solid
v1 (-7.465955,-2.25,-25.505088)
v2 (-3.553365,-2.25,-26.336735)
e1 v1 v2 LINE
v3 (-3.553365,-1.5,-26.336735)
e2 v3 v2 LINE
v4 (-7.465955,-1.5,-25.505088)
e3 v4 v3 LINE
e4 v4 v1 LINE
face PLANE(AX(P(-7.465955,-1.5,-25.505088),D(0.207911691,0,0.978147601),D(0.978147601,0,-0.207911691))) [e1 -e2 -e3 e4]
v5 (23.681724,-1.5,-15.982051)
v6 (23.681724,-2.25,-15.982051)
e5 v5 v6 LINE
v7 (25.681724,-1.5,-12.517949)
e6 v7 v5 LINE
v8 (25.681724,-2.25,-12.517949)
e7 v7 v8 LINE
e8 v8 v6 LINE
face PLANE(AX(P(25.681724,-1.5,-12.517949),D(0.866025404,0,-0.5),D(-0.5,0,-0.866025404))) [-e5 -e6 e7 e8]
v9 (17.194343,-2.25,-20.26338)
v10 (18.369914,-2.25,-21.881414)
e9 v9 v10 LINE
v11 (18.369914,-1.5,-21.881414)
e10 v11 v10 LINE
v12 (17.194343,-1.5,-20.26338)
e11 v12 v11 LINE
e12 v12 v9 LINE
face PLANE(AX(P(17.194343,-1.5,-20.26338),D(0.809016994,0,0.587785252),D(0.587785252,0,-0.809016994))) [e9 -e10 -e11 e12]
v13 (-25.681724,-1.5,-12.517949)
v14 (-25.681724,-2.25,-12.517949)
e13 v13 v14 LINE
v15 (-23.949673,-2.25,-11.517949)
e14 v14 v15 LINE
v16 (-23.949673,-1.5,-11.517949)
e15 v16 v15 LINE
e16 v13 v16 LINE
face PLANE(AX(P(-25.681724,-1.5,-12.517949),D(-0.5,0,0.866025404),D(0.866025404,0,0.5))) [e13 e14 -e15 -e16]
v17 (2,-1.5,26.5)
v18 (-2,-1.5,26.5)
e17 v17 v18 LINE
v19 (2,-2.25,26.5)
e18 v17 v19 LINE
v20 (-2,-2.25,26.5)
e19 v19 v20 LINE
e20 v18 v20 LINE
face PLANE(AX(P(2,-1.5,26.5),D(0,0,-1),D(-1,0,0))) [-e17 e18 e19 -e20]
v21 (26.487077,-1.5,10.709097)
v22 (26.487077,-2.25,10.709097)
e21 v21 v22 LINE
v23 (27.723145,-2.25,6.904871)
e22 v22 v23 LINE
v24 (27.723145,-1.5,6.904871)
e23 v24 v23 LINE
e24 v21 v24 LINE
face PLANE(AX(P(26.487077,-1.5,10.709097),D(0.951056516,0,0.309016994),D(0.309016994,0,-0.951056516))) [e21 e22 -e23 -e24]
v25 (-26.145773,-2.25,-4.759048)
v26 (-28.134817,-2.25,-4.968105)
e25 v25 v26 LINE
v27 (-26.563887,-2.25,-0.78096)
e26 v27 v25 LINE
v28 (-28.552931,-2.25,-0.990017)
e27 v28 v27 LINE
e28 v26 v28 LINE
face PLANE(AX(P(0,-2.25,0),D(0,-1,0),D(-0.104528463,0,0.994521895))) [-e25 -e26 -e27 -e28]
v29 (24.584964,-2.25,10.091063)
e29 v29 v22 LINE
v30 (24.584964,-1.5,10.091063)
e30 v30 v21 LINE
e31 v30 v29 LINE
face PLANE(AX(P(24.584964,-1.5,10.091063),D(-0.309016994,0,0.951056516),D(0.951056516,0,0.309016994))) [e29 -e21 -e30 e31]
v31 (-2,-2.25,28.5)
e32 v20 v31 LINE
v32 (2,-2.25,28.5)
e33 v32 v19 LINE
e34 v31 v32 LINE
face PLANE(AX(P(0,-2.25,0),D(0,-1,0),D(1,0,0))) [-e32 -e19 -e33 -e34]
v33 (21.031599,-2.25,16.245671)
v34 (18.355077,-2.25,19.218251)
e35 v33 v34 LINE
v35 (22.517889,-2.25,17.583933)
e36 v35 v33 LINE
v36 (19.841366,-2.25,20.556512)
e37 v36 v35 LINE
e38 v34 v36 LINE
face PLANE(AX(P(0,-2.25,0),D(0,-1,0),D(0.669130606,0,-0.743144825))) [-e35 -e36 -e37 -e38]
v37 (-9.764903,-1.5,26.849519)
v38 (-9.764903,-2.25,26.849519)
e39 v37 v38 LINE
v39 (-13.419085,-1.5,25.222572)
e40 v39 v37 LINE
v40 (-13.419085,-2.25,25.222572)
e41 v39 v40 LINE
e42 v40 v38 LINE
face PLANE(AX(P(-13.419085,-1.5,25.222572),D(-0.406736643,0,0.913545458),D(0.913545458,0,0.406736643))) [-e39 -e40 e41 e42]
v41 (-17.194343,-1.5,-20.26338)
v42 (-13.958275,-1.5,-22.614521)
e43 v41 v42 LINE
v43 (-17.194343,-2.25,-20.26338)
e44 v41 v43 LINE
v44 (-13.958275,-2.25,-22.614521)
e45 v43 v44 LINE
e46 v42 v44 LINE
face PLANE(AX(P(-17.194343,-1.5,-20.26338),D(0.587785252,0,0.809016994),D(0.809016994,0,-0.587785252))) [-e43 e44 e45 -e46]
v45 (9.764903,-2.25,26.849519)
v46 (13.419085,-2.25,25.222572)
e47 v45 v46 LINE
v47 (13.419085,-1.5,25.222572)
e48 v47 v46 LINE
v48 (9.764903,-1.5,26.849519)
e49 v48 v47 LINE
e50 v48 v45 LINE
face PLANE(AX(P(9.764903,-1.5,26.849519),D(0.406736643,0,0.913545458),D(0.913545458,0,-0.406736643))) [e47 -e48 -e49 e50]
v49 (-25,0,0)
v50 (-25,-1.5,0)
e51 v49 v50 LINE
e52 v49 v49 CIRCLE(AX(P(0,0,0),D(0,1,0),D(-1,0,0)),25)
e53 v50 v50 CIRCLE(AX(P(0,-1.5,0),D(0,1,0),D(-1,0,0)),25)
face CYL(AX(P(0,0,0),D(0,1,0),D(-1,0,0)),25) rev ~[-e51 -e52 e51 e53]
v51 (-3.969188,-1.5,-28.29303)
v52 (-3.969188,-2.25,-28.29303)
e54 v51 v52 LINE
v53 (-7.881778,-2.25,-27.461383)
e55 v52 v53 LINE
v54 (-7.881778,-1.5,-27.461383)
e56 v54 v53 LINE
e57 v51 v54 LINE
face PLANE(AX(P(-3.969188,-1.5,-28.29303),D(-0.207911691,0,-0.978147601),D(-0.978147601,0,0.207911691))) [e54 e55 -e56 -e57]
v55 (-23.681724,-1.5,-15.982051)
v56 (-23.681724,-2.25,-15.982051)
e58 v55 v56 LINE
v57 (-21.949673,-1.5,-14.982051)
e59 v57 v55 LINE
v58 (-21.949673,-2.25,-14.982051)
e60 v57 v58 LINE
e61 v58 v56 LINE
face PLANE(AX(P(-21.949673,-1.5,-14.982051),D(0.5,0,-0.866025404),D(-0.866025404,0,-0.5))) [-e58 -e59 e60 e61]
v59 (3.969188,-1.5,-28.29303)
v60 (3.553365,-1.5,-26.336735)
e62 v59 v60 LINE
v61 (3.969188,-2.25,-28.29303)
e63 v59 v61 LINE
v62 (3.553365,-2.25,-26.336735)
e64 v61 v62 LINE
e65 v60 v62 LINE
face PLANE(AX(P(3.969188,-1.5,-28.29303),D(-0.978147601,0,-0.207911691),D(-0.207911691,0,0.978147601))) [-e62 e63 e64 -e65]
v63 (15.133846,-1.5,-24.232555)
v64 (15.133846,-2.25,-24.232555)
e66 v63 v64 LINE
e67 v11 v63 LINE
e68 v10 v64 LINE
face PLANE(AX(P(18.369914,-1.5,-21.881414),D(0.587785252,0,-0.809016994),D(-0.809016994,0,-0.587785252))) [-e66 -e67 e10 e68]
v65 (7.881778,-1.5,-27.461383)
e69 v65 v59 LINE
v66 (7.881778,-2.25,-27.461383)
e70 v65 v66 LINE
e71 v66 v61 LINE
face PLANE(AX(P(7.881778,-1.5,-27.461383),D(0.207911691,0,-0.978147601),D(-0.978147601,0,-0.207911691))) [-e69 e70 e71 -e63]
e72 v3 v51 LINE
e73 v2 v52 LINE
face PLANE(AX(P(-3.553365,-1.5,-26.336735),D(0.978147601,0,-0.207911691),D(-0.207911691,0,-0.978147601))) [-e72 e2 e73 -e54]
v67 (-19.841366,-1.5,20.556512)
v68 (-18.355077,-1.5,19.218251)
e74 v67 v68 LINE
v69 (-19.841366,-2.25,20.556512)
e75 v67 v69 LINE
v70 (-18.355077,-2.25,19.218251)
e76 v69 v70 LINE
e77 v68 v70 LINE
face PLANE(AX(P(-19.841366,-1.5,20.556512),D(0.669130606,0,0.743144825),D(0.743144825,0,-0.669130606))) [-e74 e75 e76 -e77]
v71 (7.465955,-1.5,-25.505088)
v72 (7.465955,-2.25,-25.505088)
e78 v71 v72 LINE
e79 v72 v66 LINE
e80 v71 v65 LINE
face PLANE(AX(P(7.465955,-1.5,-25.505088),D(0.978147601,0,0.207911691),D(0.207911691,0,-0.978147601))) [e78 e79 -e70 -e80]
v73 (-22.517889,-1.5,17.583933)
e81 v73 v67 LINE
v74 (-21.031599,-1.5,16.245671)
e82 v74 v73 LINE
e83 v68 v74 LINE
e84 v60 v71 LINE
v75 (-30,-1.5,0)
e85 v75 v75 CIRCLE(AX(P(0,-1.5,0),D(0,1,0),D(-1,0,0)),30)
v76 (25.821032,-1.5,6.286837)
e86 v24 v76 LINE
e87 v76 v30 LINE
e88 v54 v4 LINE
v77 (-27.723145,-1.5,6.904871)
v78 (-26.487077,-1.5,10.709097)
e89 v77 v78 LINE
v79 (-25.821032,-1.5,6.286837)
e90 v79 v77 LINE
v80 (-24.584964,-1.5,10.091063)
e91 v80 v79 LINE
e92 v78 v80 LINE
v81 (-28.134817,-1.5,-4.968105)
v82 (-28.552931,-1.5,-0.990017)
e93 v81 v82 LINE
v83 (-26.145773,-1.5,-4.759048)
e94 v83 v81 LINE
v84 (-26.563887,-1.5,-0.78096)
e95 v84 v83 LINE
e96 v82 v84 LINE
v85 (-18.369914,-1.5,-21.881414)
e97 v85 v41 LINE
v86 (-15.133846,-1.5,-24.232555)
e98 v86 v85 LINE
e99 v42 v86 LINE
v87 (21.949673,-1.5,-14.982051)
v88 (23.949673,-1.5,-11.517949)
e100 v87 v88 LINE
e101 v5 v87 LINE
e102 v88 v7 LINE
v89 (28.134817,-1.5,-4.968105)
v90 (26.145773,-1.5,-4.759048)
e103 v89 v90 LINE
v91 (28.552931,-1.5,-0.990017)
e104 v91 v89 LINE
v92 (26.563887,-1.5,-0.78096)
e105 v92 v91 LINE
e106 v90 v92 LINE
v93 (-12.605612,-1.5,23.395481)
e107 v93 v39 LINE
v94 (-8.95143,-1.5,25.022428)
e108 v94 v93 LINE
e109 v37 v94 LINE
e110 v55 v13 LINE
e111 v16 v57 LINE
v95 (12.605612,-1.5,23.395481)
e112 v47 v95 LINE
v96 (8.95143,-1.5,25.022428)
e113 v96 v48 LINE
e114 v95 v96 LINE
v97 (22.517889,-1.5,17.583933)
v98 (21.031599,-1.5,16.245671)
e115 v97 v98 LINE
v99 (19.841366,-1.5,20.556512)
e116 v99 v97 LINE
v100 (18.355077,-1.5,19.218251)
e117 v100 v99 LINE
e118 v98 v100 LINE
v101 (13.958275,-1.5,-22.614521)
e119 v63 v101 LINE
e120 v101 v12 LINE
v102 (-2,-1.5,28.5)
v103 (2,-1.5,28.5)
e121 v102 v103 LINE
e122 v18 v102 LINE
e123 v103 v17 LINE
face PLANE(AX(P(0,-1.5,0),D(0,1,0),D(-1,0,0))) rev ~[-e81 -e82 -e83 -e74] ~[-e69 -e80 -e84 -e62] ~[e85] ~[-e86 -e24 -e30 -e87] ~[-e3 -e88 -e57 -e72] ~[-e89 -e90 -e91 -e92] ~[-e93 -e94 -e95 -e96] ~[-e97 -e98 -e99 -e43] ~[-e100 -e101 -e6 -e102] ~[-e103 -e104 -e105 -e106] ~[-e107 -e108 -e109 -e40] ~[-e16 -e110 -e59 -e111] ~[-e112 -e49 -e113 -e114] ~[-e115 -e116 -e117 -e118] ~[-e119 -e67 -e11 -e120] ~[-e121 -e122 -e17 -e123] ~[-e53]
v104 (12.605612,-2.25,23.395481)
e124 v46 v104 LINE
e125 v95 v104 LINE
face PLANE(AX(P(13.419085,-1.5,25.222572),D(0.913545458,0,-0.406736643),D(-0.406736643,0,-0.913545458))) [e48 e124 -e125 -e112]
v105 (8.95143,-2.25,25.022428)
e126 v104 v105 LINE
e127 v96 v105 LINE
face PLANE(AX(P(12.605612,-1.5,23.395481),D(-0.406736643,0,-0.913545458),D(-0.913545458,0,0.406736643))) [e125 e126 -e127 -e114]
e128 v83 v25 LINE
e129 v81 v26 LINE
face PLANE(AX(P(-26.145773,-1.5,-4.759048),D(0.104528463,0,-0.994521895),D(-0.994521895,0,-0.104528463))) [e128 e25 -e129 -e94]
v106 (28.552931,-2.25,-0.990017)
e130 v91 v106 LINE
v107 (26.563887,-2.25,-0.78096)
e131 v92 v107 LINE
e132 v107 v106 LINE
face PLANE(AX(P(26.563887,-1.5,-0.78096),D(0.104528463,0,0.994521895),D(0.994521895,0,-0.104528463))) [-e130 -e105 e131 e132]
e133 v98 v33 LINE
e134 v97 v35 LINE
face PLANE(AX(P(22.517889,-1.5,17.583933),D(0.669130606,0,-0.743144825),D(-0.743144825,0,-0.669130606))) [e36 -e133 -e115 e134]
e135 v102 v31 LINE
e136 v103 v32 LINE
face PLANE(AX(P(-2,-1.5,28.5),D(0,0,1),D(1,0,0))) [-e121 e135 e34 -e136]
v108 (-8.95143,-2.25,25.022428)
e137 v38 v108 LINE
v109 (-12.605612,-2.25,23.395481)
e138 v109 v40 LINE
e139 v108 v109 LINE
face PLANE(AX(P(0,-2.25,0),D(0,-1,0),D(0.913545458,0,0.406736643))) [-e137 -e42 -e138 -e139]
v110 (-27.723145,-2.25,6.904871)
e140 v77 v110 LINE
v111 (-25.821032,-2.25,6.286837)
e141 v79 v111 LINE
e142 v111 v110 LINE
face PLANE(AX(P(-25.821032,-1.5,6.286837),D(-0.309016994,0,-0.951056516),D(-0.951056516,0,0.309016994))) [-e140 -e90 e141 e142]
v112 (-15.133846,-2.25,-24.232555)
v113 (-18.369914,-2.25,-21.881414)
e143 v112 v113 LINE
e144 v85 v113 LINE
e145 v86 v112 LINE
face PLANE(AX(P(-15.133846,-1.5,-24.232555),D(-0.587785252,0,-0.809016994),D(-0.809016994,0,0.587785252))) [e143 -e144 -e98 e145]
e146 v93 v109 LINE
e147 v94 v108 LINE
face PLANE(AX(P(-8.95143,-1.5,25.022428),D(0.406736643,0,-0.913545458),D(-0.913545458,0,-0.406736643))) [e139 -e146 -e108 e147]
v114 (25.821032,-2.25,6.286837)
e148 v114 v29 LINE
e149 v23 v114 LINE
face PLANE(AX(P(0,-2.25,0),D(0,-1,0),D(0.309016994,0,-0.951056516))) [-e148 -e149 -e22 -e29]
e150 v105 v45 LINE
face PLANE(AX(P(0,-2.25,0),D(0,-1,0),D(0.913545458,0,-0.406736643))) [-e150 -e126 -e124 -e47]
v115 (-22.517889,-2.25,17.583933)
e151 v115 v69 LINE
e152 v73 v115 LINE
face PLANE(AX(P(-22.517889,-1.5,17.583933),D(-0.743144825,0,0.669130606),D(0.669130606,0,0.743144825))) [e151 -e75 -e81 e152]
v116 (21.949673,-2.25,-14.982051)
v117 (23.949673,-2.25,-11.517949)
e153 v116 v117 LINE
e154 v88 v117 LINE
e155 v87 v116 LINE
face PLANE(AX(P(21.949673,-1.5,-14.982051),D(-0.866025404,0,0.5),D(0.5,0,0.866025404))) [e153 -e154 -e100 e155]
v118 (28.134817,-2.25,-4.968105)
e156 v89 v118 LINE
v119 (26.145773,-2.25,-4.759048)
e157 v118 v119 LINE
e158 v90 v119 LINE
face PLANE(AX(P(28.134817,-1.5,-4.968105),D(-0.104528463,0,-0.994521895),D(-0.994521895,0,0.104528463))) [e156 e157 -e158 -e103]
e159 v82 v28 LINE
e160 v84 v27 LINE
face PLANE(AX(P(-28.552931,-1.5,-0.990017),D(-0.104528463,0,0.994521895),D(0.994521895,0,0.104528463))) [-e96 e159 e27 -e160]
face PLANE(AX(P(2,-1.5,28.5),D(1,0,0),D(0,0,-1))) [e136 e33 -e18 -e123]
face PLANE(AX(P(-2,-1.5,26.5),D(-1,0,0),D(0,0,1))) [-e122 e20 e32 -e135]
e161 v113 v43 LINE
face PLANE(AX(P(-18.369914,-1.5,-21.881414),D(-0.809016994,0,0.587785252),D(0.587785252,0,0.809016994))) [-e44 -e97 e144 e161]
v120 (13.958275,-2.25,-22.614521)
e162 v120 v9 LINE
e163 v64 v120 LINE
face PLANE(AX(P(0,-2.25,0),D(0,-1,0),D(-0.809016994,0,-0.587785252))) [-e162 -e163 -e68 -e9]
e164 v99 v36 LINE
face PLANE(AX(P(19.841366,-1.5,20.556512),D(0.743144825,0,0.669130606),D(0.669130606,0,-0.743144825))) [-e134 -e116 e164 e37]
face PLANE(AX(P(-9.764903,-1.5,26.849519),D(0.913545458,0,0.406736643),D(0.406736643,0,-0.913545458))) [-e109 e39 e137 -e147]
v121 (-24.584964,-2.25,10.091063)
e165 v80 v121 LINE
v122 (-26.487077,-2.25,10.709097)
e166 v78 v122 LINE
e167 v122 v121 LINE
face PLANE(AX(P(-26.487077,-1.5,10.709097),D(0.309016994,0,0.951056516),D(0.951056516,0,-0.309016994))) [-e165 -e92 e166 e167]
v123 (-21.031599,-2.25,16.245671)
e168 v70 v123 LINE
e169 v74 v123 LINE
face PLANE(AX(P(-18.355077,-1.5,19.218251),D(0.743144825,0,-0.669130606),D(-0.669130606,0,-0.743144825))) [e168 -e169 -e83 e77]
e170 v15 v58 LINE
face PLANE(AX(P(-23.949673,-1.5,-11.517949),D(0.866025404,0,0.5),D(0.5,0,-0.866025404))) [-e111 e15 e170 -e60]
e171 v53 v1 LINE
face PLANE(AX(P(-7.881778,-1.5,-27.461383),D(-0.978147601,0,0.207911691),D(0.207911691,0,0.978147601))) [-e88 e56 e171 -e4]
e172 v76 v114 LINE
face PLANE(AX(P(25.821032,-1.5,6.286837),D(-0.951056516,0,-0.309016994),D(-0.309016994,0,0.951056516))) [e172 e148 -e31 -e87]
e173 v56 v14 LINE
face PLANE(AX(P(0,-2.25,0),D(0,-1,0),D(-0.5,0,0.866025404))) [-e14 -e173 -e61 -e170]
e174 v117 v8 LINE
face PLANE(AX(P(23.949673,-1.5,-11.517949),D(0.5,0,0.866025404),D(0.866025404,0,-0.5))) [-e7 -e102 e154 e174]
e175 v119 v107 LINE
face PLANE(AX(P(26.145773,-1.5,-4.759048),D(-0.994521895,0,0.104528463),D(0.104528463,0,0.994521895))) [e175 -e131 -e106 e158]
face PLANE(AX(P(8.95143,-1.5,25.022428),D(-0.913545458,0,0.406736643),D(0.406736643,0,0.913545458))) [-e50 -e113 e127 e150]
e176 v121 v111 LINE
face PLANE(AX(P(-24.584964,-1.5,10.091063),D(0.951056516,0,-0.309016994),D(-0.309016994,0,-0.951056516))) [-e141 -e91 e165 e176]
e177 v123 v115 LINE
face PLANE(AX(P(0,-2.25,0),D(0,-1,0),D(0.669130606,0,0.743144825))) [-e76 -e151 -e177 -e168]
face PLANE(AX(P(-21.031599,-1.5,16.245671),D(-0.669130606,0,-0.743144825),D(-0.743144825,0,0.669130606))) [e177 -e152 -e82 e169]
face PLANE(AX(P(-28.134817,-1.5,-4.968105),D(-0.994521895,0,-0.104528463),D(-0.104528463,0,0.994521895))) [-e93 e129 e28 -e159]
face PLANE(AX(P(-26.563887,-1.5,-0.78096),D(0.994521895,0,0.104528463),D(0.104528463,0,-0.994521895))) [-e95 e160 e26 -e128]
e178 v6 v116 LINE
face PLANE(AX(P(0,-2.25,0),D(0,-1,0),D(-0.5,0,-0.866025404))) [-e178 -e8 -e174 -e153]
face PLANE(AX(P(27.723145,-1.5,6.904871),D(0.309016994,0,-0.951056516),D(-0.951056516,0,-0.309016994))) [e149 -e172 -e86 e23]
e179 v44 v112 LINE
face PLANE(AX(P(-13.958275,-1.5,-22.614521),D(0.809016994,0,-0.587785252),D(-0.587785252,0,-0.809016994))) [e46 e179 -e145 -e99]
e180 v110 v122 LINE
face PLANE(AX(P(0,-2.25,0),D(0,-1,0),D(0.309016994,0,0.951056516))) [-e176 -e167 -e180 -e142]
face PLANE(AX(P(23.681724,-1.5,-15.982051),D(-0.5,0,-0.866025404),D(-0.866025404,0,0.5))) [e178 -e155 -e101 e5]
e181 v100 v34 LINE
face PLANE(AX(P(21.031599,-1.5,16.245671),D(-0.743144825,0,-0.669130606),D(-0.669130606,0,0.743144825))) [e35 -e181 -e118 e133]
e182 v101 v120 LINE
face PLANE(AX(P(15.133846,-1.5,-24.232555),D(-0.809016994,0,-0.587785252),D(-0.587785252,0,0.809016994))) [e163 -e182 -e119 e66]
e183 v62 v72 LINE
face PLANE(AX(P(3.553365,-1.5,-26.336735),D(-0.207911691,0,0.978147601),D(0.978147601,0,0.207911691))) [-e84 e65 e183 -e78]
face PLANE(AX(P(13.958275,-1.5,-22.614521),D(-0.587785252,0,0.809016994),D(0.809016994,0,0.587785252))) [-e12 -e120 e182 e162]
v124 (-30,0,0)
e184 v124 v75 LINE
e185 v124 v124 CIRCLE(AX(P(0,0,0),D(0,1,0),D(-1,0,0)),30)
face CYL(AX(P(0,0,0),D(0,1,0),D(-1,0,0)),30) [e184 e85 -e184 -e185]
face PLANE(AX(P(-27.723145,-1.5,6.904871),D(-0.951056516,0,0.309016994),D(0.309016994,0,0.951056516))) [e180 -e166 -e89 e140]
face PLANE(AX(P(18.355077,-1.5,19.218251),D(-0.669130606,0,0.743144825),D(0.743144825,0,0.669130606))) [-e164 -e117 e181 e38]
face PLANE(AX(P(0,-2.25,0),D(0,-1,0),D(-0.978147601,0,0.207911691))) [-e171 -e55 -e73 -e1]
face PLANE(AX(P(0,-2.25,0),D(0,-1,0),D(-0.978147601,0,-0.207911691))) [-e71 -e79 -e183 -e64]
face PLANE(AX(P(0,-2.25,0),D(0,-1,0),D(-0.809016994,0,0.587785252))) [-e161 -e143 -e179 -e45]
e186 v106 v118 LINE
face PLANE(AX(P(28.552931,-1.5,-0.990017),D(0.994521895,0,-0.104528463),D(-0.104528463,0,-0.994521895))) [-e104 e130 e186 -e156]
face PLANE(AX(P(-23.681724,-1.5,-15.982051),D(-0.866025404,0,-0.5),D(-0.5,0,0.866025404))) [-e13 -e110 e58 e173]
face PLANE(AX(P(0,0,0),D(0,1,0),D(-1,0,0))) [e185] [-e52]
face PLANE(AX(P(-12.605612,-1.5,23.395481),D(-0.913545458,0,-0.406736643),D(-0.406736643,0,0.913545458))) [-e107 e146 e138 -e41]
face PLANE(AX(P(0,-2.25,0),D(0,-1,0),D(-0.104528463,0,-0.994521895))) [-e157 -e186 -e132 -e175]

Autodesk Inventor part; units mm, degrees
ref_plane "YZ Plane" through (0, 0, 0) normal (1, 0, 0) x (0, 1, 0)
ref_plane "XZ Plane" through (0, 0, 0) normal (0, 1, 0) x (-1, 0, 0)
ref_plane "XY Plane" through (0, 0, 0) normal (0, 0, 1) x (1, 0, 0)
sketch "Sketch1" plane through (0, 0, 0) normal (0, 1, 0) x (-1, 0, 0)
  circle A0 centre (0, 0) radius 30
  circle A1 centre (0, 0) radius 25
  dimension "d0" = 60
  dimension "d1" = 50
extrude "Extrusion1" add sketch "Sketch1" against normal blind 1.5
sketch "Sketch2" plane through (0, -1.5, 0) normal (0, -1, 0) x (1, 0, 0)
  line L0 (-2, 28.5) -> (2, 28.5)
  line L1 (2, 28.5) -> (2, 26.5)
  line L2 (2, 26.5) -> (-2, 26.5)
  line L3 (-2, 26.5) -> (-2, 28.5)
  point P0 (0, 0)
  point P1 (0, 28.5)
  dimension "d4" = 2
  dimension "d5" = 26.5
  dimension "d6" = 4
extrude "Extrusion2" add sketch "Sketch2" along normal blind 0.75
pattern_circular "Circular Pattern1" count 15 over 360 about axis through (0, -10, 0) along (0, 1, 0) of "Extrusion2"
properties part number "fc18-097" material "Polypropylene"
